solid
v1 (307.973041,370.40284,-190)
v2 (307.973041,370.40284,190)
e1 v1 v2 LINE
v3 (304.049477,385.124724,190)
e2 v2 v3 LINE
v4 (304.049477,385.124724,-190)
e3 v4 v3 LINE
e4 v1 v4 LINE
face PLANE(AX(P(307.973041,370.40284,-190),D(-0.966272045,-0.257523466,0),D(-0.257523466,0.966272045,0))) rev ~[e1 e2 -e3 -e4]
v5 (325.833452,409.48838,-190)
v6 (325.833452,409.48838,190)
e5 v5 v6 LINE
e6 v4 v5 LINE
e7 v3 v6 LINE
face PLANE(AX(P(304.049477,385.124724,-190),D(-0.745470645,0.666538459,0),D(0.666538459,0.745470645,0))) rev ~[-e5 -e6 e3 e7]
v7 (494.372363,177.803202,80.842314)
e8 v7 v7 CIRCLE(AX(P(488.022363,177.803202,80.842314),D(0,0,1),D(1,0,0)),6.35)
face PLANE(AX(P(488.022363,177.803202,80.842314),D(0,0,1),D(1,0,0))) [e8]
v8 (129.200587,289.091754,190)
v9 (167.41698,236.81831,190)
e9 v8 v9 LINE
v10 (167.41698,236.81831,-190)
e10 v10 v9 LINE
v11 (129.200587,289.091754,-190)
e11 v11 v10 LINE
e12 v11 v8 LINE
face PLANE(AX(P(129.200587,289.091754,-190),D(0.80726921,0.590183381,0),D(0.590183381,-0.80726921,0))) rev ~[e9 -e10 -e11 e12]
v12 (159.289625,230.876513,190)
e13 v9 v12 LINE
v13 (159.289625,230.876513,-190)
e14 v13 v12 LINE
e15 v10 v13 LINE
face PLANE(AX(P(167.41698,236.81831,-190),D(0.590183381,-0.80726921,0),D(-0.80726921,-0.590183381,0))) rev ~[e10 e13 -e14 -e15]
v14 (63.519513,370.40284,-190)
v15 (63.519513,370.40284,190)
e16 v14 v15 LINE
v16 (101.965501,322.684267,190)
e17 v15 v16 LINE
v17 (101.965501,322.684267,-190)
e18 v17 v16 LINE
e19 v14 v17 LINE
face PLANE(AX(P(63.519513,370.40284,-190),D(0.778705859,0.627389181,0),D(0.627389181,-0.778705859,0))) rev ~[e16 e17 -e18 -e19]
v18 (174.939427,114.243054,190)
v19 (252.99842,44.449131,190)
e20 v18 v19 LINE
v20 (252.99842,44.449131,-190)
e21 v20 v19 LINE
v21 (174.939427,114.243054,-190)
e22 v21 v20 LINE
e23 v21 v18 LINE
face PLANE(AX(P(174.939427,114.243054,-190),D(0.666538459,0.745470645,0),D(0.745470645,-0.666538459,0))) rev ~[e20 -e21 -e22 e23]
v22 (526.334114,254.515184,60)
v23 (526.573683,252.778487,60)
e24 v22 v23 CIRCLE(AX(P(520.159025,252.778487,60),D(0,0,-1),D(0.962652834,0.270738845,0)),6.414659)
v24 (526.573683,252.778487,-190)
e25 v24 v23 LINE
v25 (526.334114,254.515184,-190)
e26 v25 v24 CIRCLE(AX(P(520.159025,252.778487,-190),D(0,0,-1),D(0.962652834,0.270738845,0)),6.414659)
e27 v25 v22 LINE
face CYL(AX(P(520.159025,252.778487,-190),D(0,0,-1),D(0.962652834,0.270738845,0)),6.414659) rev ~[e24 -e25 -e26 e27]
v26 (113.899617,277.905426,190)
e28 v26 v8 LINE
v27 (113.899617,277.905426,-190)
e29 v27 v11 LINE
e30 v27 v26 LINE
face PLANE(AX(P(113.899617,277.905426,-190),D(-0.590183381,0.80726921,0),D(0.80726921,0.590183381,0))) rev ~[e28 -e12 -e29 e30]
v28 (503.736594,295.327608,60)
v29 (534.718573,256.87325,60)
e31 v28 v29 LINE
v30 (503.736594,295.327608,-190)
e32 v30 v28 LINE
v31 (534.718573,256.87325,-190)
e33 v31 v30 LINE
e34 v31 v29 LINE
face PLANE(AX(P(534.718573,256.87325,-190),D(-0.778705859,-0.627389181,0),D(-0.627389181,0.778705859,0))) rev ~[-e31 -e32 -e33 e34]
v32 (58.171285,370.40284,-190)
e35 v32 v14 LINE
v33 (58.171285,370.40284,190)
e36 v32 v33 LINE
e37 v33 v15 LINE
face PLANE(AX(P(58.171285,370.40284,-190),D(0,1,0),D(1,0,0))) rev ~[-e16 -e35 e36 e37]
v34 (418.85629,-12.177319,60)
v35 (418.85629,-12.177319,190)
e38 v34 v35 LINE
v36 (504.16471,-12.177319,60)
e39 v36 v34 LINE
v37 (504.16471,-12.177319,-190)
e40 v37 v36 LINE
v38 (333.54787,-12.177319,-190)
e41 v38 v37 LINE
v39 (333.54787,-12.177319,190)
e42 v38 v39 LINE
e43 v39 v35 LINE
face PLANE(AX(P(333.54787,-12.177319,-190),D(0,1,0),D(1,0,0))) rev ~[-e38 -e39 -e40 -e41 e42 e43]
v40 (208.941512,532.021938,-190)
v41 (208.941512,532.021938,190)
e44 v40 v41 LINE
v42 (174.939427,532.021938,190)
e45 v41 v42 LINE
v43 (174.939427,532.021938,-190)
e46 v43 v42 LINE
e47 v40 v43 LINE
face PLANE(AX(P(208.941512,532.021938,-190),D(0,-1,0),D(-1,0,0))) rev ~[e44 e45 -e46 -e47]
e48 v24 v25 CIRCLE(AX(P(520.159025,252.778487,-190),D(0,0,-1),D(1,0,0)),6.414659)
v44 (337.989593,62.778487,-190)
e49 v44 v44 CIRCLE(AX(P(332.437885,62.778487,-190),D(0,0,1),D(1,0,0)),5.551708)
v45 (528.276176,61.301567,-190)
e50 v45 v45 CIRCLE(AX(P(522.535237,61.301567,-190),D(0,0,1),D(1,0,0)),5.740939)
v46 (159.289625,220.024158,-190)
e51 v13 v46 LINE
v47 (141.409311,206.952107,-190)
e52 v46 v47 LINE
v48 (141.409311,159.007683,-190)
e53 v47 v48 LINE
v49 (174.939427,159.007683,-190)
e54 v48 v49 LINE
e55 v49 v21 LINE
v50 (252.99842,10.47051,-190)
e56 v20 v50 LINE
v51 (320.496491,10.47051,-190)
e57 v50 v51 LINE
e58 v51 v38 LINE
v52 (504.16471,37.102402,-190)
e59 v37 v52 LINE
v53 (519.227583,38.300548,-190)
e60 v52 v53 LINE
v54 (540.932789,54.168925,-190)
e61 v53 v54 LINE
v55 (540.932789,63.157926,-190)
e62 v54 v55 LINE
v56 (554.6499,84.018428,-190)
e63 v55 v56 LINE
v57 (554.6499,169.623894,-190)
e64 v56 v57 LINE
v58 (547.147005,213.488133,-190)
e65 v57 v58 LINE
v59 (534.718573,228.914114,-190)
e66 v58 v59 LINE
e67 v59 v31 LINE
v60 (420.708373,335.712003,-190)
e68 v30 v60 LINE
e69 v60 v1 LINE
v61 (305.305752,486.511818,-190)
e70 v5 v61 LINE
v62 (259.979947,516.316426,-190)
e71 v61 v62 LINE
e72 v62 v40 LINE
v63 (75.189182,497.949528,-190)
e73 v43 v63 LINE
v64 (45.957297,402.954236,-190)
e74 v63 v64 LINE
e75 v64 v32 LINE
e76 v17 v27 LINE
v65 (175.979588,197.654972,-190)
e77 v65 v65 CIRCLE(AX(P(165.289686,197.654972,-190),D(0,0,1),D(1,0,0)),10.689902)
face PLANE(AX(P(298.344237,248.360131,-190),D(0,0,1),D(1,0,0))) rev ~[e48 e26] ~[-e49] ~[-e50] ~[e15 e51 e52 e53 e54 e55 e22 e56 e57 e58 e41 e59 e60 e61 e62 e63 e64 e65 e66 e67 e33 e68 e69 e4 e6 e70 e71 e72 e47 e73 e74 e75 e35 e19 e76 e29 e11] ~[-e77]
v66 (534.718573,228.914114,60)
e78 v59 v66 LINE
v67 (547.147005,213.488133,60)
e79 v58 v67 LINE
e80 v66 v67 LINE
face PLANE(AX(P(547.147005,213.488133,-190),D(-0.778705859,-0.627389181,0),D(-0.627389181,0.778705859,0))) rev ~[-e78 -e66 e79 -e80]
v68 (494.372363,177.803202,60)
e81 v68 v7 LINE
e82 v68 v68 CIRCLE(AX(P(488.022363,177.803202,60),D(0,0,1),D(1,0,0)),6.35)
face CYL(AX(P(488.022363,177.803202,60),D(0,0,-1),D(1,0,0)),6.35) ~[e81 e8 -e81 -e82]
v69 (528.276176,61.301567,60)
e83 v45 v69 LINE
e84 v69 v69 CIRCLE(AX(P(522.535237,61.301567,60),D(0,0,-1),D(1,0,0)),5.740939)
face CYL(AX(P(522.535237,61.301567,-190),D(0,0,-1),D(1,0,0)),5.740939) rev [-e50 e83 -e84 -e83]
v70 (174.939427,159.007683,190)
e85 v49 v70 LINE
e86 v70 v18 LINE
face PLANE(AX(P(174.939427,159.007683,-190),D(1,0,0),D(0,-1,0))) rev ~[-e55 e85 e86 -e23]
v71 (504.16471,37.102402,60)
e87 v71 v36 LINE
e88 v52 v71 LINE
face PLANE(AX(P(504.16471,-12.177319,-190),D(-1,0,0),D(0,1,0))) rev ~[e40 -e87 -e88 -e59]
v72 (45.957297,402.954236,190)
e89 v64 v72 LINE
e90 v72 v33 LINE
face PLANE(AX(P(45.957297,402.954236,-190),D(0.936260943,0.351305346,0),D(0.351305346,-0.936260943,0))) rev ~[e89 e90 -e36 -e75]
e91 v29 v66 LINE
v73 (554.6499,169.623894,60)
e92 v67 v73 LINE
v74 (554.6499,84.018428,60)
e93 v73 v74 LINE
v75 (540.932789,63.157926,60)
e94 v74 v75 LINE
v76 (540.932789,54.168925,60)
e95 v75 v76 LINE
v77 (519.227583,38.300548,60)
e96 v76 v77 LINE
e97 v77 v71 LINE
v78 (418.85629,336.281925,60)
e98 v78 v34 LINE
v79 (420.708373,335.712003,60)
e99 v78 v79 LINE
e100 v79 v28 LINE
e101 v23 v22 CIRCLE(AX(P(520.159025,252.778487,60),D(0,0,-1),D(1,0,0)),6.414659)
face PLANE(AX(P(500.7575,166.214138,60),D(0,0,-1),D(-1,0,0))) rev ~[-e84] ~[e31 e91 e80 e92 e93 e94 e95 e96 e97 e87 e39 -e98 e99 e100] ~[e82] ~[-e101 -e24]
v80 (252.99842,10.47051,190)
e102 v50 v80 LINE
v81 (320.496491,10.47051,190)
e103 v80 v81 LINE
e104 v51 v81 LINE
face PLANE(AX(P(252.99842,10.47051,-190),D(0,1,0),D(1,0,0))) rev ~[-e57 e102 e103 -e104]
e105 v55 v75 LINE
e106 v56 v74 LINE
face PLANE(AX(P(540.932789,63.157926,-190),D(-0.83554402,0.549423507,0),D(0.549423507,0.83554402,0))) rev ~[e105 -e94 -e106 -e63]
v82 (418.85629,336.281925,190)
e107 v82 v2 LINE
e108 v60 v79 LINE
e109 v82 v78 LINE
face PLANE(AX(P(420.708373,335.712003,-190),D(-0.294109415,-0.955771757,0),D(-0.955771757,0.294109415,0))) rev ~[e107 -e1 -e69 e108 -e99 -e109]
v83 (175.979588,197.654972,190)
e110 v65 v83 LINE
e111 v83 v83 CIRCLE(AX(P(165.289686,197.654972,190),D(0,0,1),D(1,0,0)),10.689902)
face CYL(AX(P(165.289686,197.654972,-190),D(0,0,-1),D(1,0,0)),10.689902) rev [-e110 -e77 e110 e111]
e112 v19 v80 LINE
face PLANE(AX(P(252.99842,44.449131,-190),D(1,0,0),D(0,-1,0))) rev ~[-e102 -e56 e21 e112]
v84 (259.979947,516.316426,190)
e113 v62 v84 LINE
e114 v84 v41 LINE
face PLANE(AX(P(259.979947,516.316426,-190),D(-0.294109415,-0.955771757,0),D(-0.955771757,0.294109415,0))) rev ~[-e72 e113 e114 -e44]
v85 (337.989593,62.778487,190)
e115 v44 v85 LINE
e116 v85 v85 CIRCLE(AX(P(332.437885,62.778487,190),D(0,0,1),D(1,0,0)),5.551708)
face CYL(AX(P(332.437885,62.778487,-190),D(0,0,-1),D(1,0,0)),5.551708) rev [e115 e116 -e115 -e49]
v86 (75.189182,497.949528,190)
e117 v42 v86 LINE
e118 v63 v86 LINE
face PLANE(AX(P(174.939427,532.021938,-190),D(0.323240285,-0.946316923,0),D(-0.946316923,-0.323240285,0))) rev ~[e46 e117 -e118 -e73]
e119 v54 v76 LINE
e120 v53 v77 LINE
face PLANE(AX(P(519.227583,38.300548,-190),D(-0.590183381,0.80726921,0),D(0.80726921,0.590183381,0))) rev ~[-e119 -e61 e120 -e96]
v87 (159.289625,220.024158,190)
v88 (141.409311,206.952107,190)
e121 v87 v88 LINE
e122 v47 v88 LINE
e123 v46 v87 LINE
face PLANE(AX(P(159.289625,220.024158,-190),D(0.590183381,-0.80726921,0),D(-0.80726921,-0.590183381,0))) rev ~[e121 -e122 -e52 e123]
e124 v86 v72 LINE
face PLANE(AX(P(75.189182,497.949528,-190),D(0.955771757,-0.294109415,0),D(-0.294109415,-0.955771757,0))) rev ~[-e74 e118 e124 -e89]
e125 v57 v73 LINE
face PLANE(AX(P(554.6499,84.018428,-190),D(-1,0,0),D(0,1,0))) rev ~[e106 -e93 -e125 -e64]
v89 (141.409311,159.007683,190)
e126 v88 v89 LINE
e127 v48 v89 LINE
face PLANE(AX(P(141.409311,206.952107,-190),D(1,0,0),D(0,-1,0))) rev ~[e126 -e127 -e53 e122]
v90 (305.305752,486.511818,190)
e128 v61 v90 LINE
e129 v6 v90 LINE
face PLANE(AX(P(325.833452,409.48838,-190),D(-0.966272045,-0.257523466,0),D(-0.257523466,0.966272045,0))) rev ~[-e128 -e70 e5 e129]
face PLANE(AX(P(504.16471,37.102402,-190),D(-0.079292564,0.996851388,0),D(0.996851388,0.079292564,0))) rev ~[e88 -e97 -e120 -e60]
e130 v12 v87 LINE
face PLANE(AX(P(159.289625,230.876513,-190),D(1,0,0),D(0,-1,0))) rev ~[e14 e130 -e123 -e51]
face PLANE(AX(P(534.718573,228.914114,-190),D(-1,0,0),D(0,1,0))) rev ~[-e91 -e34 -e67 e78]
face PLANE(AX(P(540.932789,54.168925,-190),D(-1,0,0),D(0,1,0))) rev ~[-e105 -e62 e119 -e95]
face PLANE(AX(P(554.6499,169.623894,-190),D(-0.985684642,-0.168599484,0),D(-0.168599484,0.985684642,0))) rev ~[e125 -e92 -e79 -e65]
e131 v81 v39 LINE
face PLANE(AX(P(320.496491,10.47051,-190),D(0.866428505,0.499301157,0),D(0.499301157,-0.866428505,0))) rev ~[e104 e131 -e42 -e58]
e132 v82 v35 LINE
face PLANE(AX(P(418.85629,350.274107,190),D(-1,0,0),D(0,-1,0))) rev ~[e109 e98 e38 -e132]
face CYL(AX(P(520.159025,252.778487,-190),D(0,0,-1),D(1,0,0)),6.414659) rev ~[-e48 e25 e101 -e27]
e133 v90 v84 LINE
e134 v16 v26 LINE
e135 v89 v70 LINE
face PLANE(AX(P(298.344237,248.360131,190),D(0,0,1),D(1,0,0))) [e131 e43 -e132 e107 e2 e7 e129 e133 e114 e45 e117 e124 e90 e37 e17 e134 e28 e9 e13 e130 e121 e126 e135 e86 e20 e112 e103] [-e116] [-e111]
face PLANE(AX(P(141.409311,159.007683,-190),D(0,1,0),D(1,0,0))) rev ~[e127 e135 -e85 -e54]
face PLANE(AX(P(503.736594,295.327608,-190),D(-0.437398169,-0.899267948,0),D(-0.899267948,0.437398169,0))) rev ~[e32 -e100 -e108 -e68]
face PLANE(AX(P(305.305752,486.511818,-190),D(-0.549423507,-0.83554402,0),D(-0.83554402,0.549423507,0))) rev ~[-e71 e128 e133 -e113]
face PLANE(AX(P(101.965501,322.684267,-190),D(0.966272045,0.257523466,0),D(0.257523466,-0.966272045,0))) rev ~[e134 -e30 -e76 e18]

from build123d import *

# Parameters (mm, degrees)
BOSS_EXTRUDE1_DEPTH      = 190
BOSS_EXTRUDE1_DEPTH_BACK = 190
SKETCH1_R                = 10.68990167
SKETCH1_R_2              = 5.55170817
SKETCH1_R_3              = 5.740939067
CUT_EXTRUDE1_DEPTH       = 130
SKETCH3_R                = 6.35
BOSS_EXTRUDE2_DEPTH      = 20.842314


with BuildPart() as part:
    # Sketch1 → Boss-Extrude1 (new, two sides: drawn at the far end of the back side and taken through both)
    with BuildSketch(Plane(origin=(35.496606972, -5.136974217, 0), x_dir=(1, 0, 0), z_dir=(0, 0, 1)).offset(-BOSS_EXTRUDE1_DEPTH_BACK)):
        Polygon((284.999883711, 15.607484417), (298.05126311, -7.040344443), (468.668102698, -7.040344443), (468.668102698, 42.23937617), (483.730976142, 43.43752253), (505.436181993, 59.305899042), (505.436181993, 68.294900601), (519.153293081, 89.155402568), (519.153293081, 174.760868396), (511.650398428, 218.625107166), (499.221965558, 234.051088018), (499.221965558, 262.010224281), (468.239986725, 300.464582706), (385.211765775, 340.848977513), (272.476434341, 375.539814705), (268.552869962, 390.26169862), (290.33684476, 414.625354644), (269.809144882, 491.648791872), (224.483340249, 521.453400518), (173.444905467, 537.158911905), (139.442820163, 537.158911905), (39.692575389, 503.086502617), (10.46069044, 408.091209769), (22.67467758, 375.539814705), (28.02290557, 375.539814705), (66.468894181, 327.821241466), (78.40300996, 283.042400046), (93.703979809, 294.228727981), (131.920372994, 241.955284607), (123.793017705, 236.013487296), (123.793017705, 225.161132619), (105.912703634, 212.089081713), (105.912703634, 164.144657424), (139.442820163, 164.144657424), (139.442820163, 119.380028144), (217.501813233, 49.586104929), (217.501813233, 15.607484417), align=None)
        with Locations((129.793078962, 202.791946132)):
            Circle(SKETCH1_R, mode=Mode.SUBTRACT)
        with Locations((296.941277772, 67.915461322)):
            Circle(SKETCH1_R_2, mode=Mode.SUBTRACT)
        with Locations((487.038630051, 66.43854159)):
            Circle(SKETCH1_R_3, mode=Mode.SUBTRACT)
        with BuildLine():
            ThreePointArc((491.077076188, 257.915461322), (478.307933648, 257.038889769), (490.837506869, 259.652158561))
            ThreePointArc((490.837506869, 259.652158561), (491.016901616, 258.792032876), (491.077076188, 257.915461322))
        make_face(mode=Mode.SUBTRACT)
    extrude(amount=BOSS_EXTRUDE1_DEPTH + BOSS_EXTRUDE1_DEPTH_BACK)

    # Sketch2 → Cut-Extrude1 (cut)
    with BuildSketch(Plane.XY.offset(190)):
        Polygon((418.856289876, -12.17731866), (418.856289876, 350.274106715), (582.658710341, 350.274106715), (582.658710341, -17.845830548), (418.856289876, -17.845830548), align=None)
    extrude(amount=-CUT_EXTRUDE1_DEPTH, mode=Mode.SUBTRACT)

    # Sketch3 → Boss-Extrude2 (add)
    with BuildSketch(Plane.XY.offset(60)):
        with Locations((488.022362989, 177.803201914)):
            Circle(SKETCH3_R)
    extrude(amount=BOSS_EXTRUDE2_DEPTH)


solid = part.part
